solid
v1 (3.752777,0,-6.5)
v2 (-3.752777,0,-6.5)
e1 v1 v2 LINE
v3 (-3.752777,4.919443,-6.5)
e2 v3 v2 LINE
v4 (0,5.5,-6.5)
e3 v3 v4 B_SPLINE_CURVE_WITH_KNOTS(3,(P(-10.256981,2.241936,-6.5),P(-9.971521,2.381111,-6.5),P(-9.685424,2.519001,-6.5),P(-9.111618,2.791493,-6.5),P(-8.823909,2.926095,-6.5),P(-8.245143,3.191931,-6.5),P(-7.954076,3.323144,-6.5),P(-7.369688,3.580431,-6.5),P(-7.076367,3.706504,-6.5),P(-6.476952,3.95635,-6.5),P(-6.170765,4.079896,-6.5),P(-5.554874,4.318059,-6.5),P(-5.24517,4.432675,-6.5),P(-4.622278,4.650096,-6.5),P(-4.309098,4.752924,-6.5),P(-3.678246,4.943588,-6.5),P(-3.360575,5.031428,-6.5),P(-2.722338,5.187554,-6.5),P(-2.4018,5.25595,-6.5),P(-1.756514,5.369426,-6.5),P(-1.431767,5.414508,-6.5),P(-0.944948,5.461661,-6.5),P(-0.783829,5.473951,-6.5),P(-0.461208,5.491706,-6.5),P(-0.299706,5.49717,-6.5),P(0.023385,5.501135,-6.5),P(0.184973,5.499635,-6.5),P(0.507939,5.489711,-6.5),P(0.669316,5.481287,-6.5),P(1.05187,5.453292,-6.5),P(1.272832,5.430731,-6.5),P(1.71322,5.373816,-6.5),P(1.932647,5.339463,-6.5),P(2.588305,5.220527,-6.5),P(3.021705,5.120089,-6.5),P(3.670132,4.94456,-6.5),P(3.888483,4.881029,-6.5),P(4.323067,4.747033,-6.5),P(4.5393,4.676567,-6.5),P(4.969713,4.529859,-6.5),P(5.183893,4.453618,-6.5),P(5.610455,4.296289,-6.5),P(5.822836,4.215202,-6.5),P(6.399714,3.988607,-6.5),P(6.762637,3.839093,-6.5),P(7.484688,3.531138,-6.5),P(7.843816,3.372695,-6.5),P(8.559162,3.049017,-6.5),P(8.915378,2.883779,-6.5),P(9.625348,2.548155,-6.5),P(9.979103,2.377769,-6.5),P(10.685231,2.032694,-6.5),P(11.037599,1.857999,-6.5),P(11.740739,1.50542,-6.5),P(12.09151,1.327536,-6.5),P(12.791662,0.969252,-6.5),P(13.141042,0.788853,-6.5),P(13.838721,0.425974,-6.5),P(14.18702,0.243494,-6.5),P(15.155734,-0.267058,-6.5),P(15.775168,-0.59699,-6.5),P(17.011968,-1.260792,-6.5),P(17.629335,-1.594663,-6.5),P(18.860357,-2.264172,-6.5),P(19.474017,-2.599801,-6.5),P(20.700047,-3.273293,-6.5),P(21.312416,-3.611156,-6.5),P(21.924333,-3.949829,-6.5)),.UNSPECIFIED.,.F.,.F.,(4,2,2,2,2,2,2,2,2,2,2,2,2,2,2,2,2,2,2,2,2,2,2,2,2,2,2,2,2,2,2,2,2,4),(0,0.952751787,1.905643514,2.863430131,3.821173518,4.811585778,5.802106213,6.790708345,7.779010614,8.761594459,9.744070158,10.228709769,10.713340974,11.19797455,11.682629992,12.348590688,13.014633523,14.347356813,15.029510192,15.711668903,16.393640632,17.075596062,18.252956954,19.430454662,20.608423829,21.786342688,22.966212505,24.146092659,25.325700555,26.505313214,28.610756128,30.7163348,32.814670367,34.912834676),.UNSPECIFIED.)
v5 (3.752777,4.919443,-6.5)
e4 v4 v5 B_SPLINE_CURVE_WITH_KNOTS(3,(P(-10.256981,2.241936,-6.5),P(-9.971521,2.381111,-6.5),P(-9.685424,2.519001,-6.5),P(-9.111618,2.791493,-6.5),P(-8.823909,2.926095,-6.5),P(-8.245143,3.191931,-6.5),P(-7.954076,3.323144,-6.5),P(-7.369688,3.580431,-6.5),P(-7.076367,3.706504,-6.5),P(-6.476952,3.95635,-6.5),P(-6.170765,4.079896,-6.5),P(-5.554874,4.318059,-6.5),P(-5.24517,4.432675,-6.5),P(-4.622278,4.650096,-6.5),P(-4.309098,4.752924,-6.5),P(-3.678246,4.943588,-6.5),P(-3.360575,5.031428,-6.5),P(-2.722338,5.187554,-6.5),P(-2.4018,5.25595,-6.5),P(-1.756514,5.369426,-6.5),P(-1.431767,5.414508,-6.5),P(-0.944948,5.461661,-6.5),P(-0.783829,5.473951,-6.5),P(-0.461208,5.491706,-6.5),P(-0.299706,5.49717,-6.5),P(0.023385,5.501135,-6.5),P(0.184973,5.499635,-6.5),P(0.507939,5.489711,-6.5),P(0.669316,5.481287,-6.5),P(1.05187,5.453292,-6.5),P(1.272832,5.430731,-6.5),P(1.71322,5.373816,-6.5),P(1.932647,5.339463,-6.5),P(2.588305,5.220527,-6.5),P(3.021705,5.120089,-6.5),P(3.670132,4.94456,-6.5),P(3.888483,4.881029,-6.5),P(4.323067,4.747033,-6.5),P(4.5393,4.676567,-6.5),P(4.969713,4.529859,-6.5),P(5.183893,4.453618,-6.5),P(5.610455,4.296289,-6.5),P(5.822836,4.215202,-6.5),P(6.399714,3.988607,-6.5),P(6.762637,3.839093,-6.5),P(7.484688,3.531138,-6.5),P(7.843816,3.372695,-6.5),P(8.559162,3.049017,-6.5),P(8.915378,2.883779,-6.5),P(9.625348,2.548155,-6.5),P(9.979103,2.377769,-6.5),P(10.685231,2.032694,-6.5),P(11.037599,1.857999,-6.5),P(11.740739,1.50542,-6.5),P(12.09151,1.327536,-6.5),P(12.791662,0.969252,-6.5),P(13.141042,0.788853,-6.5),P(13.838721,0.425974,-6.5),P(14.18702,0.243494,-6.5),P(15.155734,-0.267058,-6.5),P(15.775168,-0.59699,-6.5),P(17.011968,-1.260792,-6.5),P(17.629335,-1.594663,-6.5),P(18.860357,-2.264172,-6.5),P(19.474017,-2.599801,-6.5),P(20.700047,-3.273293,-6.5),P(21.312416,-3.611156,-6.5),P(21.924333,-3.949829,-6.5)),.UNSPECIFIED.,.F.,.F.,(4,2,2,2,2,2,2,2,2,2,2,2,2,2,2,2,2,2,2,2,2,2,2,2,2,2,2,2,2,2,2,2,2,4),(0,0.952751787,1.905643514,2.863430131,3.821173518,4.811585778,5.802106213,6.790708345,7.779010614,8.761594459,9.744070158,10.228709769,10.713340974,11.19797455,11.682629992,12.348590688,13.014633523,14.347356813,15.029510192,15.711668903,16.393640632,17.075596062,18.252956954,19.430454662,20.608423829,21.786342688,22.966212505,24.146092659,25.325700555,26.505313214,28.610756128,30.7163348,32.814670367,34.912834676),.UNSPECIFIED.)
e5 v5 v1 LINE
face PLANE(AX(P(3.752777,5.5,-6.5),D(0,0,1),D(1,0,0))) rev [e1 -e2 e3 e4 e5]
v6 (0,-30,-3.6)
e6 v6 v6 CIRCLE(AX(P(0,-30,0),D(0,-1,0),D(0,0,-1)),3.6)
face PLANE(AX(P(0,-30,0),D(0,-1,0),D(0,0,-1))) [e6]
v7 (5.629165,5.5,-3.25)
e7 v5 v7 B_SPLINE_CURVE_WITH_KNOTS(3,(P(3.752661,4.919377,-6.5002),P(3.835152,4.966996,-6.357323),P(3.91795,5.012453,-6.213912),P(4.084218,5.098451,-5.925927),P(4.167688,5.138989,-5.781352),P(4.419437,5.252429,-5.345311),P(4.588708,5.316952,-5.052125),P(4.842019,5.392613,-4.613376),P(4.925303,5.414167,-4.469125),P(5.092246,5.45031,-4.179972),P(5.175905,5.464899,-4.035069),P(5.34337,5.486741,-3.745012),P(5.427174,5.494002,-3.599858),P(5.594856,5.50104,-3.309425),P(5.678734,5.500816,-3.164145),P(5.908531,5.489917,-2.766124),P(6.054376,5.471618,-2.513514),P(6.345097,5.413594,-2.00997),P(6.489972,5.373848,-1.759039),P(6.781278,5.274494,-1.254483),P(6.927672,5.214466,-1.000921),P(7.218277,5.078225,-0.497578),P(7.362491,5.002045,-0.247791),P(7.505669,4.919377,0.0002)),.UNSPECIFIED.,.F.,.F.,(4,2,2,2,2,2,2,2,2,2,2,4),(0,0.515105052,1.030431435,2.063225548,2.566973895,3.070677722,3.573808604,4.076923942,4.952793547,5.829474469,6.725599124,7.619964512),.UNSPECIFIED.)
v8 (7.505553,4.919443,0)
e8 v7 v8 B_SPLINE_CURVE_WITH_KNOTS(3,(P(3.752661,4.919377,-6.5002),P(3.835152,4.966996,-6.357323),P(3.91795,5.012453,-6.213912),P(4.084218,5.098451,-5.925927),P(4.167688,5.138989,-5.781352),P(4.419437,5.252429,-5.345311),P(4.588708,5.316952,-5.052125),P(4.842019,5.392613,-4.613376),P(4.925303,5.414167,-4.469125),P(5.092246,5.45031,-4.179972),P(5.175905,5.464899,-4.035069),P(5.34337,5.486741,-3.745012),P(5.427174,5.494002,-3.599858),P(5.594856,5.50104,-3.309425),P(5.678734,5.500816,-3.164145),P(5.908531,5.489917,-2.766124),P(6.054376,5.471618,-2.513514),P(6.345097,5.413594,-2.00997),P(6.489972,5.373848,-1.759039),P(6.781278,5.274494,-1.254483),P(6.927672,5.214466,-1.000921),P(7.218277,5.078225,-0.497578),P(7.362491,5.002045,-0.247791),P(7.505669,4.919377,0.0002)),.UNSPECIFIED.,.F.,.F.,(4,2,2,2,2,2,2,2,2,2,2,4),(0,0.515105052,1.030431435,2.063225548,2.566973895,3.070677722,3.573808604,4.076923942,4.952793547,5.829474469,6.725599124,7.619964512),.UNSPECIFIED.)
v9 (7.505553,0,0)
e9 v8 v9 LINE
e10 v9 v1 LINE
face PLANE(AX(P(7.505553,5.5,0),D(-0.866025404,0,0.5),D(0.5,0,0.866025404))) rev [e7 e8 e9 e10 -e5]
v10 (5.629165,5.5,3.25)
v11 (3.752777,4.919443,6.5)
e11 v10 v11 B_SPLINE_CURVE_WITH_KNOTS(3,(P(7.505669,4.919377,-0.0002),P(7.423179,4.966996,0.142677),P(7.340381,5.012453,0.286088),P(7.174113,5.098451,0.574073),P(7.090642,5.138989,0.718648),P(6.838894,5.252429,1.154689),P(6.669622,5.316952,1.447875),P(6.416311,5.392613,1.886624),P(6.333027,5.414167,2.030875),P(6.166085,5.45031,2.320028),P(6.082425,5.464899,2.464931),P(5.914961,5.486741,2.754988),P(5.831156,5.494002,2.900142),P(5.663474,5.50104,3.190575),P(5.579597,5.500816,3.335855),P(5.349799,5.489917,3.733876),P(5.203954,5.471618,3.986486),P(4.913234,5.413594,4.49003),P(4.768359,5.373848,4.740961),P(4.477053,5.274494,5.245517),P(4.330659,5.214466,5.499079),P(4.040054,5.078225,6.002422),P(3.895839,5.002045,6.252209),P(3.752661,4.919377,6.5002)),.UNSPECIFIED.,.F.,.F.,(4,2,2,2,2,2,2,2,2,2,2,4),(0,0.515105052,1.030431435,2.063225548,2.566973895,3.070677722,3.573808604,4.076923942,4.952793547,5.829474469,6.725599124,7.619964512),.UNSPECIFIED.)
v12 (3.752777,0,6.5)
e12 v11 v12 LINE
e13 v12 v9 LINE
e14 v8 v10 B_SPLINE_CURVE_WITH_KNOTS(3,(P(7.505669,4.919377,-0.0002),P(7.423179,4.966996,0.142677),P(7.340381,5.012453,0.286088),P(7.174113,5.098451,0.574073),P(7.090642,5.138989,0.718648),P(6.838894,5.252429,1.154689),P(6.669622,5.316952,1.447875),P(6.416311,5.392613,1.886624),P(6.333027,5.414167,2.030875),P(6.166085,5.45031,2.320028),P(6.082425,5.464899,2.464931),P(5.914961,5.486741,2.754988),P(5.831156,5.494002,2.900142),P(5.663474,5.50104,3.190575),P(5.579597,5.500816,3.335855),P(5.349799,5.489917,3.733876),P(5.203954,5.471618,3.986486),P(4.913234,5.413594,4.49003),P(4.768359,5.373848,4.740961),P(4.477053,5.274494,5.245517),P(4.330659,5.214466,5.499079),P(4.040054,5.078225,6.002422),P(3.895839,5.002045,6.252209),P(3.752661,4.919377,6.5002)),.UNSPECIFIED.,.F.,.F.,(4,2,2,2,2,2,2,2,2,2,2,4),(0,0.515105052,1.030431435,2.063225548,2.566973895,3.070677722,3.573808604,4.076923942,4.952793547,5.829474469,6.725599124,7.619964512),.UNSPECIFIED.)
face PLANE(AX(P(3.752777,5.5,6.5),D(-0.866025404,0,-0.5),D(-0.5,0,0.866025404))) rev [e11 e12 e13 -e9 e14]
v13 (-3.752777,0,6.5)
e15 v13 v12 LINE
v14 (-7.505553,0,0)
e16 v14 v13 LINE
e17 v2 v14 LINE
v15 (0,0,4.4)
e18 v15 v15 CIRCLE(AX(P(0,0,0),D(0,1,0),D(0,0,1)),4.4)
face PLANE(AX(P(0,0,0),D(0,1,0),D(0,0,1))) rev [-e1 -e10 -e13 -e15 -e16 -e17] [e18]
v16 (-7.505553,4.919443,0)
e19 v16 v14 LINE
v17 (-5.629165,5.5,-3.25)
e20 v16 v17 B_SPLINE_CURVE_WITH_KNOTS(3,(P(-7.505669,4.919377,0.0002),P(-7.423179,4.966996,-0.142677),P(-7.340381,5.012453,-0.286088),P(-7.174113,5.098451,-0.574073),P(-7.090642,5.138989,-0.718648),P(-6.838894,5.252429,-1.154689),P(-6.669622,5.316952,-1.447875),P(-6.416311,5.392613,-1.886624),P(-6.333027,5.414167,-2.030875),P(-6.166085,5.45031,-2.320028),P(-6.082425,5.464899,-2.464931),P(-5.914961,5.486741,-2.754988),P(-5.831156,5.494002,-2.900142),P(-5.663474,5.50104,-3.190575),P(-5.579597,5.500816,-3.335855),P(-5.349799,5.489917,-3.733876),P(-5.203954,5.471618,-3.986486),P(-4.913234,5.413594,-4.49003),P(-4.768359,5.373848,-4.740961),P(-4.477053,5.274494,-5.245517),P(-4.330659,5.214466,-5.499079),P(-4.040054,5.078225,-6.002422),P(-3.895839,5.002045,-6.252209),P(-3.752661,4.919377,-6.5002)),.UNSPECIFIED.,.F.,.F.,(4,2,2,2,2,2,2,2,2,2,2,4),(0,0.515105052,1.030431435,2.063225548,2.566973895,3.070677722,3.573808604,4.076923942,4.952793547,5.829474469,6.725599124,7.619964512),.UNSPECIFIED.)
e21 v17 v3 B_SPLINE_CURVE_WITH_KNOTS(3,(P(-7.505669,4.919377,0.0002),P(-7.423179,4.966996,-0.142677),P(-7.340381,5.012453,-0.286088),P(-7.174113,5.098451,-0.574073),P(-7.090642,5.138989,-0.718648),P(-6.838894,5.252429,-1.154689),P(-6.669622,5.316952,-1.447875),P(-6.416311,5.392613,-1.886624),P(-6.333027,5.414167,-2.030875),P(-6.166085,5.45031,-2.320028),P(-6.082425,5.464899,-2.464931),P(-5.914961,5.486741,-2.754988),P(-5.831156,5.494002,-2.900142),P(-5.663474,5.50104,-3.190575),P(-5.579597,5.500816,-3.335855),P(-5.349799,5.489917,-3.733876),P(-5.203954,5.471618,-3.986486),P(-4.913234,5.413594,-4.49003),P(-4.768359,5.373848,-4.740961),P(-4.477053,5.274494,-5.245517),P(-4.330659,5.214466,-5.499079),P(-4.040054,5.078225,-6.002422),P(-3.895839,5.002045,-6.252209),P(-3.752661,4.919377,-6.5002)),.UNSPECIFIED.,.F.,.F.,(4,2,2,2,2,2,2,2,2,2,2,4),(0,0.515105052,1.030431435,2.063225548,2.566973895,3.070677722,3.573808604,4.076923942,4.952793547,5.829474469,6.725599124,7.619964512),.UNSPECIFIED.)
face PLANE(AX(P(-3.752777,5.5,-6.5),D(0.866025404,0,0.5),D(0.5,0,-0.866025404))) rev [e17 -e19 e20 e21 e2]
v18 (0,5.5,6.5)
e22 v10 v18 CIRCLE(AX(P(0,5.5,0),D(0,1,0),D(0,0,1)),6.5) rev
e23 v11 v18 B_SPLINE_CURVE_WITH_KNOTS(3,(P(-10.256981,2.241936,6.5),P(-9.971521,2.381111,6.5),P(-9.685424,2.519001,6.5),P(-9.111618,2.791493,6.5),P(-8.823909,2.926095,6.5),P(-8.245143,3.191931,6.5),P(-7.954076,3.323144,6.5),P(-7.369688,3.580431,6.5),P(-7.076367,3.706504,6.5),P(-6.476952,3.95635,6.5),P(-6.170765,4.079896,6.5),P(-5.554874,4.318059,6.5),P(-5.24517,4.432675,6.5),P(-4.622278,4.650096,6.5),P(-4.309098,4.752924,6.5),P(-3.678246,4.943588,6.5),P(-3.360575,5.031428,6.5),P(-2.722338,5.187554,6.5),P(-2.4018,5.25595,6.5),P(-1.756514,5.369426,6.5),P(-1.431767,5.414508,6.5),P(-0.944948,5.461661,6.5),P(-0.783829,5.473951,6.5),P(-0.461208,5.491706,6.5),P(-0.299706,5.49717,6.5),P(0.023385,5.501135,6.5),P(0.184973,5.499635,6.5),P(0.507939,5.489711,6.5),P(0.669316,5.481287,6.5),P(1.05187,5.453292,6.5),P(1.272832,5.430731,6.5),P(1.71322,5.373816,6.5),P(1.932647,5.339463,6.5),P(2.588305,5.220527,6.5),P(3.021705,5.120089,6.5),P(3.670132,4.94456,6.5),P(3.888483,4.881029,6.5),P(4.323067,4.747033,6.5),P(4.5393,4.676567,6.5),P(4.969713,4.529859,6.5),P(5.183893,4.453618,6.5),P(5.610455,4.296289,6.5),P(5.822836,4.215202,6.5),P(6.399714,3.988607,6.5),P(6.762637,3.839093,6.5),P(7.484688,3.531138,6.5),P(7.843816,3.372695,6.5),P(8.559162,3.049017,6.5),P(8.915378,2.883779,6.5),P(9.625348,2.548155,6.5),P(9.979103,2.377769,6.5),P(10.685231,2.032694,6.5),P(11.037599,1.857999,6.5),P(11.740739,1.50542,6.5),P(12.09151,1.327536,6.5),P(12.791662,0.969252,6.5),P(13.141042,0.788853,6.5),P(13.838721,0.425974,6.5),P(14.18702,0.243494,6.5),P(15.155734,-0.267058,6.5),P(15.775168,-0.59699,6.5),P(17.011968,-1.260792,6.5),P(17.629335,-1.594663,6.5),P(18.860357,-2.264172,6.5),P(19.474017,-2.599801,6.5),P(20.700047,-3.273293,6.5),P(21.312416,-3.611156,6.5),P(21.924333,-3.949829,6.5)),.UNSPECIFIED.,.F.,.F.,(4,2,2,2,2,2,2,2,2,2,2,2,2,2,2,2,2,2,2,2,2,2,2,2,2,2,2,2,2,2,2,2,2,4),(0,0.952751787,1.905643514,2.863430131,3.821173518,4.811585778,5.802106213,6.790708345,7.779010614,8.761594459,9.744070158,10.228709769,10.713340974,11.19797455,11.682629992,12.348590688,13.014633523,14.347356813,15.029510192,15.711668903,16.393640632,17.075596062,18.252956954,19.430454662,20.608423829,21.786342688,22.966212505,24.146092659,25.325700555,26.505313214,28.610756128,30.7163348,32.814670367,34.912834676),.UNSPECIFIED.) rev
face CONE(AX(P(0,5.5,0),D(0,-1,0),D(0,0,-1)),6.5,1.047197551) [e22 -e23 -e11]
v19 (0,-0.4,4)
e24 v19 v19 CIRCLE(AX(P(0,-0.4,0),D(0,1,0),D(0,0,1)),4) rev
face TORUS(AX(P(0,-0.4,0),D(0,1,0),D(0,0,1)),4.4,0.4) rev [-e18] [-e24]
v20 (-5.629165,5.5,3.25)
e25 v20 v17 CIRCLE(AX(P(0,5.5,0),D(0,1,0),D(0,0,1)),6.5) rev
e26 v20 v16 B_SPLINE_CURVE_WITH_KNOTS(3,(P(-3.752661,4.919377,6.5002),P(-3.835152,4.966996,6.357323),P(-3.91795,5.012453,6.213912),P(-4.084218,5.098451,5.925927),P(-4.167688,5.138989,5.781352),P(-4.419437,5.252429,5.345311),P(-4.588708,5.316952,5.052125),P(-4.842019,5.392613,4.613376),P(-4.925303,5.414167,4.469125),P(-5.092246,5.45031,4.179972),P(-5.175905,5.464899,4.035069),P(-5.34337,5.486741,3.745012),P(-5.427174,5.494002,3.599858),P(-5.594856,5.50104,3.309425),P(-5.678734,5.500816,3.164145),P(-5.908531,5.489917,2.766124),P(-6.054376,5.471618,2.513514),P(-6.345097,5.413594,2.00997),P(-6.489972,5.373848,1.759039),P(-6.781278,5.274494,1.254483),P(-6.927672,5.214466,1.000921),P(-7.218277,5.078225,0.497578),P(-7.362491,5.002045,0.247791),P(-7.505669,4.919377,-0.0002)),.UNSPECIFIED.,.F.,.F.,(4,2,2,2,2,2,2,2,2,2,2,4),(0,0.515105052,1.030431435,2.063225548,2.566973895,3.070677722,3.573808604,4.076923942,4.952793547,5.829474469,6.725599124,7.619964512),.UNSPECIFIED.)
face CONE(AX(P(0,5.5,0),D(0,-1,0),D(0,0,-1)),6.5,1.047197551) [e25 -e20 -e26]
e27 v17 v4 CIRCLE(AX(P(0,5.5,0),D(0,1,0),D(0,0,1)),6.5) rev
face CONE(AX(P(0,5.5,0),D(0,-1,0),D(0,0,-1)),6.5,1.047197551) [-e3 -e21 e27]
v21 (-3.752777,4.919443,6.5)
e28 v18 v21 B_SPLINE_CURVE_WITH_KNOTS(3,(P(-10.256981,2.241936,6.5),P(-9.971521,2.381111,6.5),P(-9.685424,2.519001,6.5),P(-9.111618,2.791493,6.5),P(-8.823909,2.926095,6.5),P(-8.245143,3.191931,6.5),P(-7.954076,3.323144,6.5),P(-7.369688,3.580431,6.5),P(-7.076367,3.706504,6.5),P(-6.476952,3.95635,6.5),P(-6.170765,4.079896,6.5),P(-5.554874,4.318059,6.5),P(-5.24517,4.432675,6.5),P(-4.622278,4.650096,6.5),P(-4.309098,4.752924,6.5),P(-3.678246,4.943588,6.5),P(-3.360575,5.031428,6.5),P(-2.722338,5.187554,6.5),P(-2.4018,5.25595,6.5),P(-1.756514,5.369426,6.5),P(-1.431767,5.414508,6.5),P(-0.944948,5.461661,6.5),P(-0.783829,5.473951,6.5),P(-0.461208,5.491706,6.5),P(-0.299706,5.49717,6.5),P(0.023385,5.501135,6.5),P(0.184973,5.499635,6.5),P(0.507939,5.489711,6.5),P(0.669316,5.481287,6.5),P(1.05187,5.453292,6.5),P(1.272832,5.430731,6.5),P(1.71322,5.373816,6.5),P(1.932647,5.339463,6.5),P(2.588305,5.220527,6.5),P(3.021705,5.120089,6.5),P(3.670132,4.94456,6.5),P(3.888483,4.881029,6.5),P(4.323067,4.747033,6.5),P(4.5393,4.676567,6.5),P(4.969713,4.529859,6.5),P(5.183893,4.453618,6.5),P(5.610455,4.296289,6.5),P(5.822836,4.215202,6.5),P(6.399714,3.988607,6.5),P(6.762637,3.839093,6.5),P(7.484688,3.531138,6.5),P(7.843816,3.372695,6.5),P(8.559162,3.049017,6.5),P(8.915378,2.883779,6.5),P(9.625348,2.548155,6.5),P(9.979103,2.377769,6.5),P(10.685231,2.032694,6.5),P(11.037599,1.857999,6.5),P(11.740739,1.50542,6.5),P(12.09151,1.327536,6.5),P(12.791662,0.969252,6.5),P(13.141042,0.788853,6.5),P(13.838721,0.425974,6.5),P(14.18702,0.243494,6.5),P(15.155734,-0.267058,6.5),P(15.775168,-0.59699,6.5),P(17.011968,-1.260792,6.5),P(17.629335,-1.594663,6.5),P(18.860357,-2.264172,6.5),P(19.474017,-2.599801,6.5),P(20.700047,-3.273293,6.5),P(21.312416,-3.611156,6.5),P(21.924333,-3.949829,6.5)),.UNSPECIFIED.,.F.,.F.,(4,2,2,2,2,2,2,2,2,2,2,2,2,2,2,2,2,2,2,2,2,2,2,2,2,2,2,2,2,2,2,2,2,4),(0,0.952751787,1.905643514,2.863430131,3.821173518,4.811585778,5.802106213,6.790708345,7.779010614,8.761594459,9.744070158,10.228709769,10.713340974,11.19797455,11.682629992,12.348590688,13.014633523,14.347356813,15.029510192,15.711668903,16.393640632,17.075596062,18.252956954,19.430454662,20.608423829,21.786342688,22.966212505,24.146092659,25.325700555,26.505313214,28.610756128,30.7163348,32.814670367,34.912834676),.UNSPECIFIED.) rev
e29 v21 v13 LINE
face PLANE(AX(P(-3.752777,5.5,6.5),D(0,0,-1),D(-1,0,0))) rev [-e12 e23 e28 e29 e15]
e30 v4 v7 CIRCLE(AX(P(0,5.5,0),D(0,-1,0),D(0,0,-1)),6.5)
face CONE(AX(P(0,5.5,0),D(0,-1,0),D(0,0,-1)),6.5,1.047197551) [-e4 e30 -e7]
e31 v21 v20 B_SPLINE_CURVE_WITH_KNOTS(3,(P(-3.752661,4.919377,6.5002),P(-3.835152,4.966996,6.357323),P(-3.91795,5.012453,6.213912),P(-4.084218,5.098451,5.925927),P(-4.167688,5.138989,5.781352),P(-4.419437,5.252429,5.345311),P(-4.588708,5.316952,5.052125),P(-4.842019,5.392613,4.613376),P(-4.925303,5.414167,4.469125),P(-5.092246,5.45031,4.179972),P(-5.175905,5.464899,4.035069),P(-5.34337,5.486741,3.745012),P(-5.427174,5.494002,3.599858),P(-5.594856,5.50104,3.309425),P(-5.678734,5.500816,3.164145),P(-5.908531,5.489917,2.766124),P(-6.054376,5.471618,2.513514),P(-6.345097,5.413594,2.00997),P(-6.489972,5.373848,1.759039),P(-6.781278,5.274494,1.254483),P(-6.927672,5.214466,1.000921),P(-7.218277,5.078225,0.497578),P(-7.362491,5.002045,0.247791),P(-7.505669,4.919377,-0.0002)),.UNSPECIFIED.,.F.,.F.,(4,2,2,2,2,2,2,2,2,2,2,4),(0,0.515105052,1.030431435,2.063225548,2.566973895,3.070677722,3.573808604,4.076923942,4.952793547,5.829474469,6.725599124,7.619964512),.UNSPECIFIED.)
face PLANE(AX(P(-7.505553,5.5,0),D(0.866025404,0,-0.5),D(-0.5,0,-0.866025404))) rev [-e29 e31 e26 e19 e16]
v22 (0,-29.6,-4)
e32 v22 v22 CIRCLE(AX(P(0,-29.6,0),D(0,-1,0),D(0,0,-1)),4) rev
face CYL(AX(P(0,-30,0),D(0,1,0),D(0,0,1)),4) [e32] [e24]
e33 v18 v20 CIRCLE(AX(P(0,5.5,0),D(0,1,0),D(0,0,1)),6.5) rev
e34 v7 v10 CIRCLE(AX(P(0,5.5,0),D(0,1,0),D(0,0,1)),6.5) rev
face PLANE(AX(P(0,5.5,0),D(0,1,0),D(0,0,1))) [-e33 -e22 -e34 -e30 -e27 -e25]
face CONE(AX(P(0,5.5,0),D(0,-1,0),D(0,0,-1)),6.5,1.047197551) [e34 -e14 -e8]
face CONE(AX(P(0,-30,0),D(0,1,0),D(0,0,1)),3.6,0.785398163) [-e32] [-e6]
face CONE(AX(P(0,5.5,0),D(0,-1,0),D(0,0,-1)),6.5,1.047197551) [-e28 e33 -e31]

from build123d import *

# Parameters (mm, degrees)
BOSS_EXTRUDE1_DEPTH = 5.5
SKETCH2_R           = 4
BOSS_EXTRUDE2_DEPTH = 30
FILLET1_R           = 0.4
CHAMFER1_SIZE       = 0.4


with BuildPart() as part:
    # Sketch1 → Boss-Extrude1 (new body)
    with BuildSketch(Plane(origin=(0, 0, 0), x_dir=(1, 0, 0), z_dir=(0, 1, 0))):
        Polygon((-3.75277675, -6.5), (3.75277675, -6.5), (7.505553499, 0), (3.75277675, 6.5), (-3.75277675, 6.5), (-7.505553499, 0), align=None)
    extrude(amount=BOSS_EXTRUDE1_DEPTH)

    # Sketch2 → Boss-Extrude2 (add)
    with BuildSketch(Plane.XZ):
        Circle(SKETCH2_R)
    extrude(amount=BOSS_EXTRUDE2_DEPTH)

    # Fillet1
    fillet1_edges = [part.edges().sort_by_distance(p)[0] for p in [
        (-4, 0, 0),
    ]]
    fillet(fillet1_edges, radius=FILLET1_R)

    # Chamfer1
    chamfer1_edges = [part.edges().sort_by_distance(p)[0] for p in [
        (-4, -30, 0),
    ]]
    chamfer(chamfer1_edges, length=CHAMFER1_SIZE)

    # Sketch3 → Cut-Revolve1 (revolve, cut)
    with BuildSketch(Plane(origin=(0, 0, 0), x_dir=(0, 0, -1), z_dir=(1, 0, 0))):
        Polygon((6.5, 5.5), (16.319077894, -0.169047265), (16.319077894, 5.5), align=None)
    revolve(axis=Axis((0, 0, 0), (0, 1, 0)), mode=Mode.SUBTRACT)


solid = part.part
